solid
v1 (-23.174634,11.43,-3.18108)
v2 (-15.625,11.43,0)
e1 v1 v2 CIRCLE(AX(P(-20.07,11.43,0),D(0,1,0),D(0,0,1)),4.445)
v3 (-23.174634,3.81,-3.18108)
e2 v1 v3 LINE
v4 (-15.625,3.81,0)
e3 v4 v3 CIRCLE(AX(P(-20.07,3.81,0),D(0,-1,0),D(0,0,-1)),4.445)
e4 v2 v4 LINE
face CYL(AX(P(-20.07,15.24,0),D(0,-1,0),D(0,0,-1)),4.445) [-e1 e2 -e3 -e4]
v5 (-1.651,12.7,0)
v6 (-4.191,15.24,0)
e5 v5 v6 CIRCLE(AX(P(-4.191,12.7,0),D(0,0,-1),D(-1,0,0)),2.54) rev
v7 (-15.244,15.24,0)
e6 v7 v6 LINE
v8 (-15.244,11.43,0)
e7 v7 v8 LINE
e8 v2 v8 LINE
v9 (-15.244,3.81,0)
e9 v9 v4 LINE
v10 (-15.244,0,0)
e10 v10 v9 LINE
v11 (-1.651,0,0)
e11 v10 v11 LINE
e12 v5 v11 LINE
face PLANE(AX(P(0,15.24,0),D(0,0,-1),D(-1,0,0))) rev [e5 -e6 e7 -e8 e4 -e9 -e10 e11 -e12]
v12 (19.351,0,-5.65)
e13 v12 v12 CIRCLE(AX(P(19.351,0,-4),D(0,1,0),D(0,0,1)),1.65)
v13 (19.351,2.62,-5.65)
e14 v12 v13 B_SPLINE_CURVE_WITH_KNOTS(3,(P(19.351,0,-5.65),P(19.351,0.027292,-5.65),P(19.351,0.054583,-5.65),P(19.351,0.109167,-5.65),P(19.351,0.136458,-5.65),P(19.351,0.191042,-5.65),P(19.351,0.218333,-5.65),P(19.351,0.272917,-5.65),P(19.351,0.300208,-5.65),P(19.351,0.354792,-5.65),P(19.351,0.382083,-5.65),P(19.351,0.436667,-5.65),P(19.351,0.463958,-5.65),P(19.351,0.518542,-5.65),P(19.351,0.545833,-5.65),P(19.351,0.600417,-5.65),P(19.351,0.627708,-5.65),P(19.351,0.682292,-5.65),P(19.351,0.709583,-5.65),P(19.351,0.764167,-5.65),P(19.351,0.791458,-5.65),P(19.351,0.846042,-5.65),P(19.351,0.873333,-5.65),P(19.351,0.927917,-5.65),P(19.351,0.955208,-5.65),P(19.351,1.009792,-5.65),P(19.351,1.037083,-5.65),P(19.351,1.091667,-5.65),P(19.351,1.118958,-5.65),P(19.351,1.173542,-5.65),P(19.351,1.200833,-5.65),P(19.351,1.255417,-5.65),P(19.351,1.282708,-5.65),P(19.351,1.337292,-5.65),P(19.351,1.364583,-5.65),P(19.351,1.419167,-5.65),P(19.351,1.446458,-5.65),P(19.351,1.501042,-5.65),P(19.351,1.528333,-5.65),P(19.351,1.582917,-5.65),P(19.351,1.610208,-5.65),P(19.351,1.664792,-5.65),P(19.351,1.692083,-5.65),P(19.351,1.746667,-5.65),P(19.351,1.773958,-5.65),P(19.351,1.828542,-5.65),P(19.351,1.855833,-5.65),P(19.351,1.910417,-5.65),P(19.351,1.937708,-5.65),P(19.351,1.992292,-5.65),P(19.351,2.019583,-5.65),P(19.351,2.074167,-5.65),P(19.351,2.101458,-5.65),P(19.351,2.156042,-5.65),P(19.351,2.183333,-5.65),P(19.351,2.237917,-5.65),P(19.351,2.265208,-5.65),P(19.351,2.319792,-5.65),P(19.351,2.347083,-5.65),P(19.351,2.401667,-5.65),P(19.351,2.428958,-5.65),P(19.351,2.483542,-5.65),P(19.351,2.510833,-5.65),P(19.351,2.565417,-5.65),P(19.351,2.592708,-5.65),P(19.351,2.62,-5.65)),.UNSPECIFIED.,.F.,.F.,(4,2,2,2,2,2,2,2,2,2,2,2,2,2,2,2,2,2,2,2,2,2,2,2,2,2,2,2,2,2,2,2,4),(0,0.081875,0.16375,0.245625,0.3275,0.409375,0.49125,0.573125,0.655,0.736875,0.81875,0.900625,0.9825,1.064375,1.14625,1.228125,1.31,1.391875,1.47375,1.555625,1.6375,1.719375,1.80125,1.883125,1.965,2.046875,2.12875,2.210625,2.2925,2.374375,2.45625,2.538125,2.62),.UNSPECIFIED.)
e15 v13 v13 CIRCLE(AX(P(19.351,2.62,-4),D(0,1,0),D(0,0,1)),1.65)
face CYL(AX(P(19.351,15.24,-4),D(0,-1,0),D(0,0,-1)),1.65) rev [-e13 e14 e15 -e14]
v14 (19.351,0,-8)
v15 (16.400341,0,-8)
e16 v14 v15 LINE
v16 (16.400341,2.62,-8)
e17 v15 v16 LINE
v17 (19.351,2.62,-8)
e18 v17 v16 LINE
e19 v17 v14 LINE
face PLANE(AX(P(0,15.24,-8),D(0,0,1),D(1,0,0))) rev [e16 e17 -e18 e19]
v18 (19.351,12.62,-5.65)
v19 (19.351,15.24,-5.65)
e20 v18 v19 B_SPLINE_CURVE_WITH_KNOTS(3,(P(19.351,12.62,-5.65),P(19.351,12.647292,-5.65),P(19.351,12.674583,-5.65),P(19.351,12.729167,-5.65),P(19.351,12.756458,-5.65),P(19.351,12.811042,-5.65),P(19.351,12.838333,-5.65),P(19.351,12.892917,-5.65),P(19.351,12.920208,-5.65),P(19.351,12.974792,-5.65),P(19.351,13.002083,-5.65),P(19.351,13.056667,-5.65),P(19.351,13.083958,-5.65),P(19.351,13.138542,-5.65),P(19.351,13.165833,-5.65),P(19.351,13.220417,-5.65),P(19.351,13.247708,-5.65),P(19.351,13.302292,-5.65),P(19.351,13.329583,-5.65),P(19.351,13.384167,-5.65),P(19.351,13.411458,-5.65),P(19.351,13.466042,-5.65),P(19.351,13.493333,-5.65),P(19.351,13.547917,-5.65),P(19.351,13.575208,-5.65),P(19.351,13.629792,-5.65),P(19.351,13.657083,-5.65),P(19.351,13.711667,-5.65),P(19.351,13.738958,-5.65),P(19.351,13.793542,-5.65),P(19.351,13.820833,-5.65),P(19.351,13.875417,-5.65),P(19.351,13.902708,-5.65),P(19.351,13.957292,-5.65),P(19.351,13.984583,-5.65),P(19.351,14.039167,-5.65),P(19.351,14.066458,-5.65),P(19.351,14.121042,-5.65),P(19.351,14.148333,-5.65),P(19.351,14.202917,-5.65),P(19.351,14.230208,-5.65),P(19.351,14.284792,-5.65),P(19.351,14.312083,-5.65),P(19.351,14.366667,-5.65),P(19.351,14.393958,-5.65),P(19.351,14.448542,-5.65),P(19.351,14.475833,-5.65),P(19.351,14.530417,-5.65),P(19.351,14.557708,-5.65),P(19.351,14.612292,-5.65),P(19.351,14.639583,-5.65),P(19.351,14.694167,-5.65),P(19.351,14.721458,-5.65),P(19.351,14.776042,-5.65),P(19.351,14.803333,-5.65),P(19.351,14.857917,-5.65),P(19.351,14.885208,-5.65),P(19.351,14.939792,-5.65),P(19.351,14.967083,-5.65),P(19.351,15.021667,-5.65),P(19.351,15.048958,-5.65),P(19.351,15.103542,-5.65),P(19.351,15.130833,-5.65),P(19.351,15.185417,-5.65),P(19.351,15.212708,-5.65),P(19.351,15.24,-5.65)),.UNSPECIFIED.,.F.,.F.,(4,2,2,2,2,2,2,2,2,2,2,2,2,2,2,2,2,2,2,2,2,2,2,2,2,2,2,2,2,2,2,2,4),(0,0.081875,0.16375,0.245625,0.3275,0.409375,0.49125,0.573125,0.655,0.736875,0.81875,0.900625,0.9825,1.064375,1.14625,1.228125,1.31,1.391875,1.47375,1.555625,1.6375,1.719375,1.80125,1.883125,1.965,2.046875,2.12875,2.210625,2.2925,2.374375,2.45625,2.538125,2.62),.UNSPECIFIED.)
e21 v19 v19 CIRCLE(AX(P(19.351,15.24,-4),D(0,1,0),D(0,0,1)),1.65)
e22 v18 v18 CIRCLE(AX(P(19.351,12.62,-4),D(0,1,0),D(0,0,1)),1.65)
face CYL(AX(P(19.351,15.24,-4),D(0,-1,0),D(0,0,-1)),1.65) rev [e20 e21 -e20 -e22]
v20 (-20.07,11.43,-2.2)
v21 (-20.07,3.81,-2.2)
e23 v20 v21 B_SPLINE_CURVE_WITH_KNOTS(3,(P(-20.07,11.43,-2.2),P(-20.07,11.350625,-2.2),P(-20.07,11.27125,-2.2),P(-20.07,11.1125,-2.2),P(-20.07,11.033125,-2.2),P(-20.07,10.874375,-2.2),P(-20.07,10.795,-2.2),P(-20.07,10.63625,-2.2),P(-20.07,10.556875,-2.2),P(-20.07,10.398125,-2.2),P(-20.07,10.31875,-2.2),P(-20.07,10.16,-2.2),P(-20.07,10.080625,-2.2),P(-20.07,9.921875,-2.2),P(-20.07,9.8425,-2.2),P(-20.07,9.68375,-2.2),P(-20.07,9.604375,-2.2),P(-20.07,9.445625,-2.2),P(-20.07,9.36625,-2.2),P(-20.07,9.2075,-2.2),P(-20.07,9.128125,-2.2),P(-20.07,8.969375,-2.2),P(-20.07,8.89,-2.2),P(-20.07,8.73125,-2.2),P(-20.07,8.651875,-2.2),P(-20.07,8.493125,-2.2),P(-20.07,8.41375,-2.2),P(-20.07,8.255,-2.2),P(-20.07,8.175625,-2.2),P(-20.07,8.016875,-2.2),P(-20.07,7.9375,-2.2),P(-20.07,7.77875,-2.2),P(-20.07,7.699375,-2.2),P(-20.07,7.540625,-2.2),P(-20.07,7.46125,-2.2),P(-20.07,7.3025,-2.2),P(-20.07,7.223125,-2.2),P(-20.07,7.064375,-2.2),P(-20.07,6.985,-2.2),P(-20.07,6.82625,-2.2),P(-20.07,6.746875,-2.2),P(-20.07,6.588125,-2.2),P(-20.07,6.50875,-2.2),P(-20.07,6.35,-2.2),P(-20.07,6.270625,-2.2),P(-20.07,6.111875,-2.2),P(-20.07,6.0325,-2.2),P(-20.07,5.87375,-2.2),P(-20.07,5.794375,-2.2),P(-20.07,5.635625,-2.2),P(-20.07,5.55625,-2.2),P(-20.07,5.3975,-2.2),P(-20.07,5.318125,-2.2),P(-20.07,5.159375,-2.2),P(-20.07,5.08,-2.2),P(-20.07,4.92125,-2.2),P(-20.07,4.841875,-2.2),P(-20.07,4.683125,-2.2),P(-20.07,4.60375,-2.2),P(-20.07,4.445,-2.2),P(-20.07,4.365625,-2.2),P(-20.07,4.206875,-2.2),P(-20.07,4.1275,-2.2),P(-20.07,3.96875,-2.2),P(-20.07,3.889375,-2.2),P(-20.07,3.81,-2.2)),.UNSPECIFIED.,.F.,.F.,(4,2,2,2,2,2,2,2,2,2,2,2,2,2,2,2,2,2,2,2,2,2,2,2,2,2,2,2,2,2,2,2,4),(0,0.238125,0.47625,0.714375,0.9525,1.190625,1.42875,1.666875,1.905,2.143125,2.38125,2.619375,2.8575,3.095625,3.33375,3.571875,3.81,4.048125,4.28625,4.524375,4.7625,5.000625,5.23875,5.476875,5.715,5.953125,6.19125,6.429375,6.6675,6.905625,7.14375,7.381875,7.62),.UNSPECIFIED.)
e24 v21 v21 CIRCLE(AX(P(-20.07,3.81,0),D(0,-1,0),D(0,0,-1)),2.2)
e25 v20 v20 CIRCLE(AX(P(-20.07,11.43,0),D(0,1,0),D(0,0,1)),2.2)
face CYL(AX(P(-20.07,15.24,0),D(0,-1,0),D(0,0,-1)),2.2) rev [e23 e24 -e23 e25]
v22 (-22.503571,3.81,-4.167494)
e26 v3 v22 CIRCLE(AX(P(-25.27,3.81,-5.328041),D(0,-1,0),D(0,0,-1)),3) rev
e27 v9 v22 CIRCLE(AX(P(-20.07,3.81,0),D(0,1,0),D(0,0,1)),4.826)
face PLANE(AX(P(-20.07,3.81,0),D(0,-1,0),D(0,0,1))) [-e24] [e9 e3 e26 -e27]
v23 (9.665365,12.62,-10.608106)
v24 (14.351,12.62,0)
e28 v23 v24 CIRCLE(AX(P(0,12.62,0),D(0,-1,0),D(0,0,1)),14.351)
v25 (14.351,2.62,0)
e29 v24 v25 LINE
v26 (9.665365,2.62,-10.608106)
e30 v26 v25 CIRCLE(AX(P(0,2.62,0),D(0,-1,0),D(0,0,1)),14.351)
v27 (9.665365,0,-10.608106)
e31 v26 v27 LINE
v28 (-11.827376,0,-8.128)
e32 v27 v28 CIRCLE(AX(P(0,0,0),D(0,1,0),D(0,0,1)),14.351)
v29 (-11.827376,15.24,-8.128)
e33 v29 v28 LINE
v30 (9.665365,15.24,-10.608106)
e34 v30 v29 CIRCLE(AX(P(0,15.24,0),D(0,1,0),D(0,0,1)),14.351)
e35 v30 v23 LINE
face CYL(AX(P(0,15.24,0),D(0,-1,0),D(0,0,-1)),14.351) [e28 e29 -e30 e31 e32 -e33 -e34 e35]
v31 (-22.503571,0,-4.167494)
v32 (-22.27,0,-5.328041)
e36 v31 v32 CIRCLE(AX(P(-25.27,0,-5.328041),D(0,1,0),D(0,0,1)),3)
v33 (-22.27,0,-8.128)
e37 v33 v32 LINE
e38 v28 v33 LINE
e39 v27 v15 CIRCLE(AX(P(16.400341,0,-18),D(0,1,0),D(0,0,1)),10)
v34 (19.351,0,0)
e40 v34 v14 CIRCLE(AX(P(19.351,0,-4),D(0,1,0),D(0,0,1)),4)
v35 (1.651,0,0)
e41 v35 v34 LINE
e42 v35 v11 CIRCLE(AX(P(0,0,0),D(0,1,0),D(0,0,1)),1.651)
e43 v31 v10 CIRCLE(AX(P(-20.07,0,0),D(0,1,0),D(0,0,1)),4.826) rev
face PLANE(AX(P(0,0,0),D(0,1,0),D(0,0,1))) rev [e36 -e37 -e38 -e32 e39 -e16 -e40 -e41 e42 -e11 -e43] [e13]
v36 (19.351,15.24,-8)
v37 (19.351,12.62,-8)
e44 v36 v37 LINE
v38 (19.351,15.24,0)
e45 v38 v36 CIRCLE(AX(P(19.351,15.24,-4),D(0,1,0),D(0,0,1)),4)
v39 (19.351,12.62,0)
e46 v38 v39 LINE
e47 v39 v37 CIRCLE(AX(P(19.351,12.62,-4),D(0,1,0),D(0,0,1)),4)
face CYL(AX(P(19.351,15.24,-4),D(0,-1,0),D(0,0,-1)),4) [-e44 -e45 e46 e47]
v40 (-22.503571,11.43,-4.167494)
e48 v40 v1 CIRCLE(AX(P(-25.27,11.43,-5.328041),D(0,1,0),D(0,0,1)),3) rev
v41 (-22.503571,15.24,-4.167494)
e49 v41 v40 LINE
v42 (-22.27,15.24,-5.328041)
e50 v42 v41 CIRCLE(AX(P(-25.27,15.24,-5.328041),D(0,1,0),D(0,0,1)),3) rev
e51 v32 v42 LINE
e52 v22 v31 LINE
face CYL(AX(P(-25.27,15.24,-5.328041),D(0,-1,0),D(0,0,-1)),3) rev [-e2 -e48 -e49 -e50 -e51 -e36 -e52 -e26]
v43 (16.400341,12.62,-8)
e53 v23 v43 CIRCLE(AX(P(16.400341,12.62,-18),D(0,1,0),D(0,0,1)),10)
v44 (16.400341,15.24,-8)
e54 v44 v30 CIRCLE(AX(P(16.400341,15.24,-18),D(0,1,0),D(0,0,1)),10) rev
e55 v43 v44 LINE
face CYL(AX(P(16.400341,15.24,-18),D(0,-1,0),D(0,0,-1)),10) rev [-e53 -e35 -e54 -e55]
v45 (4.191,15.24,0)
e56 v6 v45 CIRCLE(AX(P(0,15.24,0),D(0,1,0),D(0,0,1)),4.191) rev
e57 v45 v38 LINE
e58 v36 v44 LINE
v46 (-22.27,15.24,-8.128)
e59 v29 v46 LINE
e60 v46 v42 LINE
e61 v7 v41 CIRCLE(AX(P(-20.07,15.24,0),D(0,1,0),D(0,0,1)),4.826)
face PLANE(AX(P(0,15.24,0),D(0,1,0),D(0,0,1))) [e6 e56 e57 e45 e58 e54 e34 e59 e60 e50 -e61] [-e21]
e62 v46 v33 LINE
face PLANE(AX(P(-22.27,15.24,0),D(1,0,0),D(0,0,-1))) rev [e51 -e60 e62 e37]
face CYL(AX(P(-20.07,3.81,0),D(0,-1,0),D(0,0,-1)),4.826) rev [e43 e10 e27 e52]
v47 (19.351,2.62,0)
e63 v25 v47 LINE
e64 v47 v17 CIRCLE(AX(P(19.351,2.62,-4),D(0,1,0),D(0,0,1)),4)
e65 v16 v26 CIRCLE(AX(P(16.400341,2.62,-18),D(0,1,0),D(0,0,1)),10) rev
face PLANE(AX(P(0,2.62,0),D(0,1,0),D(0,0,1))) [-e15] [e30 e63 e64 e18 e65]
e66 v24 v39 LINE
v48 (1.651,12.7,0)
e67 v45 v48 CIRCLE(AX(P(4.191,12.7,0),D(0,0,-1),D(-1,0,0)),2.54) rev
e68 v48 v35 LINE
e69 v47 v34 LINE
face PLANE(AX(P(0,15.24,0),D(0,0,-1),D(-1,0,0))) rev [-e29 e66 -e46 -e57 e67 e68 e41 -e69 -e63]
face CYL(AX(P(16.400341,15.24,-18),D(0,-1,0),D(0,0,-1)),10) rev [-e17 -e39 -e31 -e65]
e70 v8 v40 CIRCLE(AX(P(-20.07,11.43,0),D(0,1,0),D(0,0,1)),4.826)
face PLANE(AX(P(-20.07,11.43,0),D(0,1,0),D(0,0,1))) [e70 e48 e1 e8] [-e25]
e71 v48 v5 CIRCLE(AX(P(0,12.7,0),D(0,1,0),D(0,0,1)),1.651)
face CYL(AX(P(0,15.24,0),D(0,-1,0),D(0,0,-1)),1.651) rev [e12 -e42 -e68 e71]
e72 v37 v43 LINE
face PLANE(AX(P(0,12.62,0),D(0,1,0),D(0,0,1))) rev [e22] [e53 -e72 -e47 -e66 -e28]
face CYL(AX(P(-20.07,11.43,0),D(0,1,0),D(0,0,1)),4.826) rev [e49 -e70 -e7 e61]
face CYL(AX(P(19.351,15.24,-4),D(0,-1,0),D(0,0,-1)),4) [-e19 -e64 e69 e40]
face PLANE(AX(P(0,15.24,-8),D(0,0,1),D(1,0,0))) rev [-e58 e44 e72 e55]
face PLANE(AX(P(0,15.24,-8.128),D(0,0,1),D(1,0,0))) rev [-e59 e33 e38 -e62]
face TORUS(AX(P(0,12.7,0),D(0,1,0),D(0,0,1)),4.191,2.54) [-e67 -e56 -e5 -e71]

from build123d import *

# Parameters (mm, degrees)
SKETCH1_R               = 2.200000000000002
SKETCH1_R_2             = 1.6499999999999986
BOSS_EXTRUDE1_DEPTH     = 15.239999999999998
SKETCH2_R               = 4.8260000000000005
CUT_EXTRUDE1_DEPTH      = 3.8099999999999996
FILLET2_R               = 2.54
FILLET3_R               = 3
CUT_EXTRUDE2_DEPTH      = 5
CUT_EXTRUDE2_DEPTH_BACK = 5
FILLET4_R               = 10


with BuildPart() as part:
    # Sketch1 → Boss-Extrude1 (new body)
    with BuildSketch(Plane(origin=(0, 0, 0), x_dir=(1, 0, 0), z_dir=(0, 1, 0))):
        with BuildLine():
            ThreePointArc((11.827375744432914, 8.128), (0, 14.350999999999997), (-11.827375744432915, 8.128))
            Line((-11.827375744432912, 8.128), (-22.270000000000003, 8.127999999999998))
            Line((-22.270000000000003, 8.127999999999998), (-22.270000000000003, 3.8623859206454227))
            ThreePointArc((-22.270000000000003, 3.8623859206454245), (-22.30372167021767, -3.8429822403961222), (-15.625000000000004, -6.7e-16))
            Line((-15.625, 0), (-1.6509999999999998, 0))
            ThreePointArc((-1.651, -4.2e-16), (-3.8e-16, 1.6509999999999998), (1.6509999999999996, 0))
            Line((1.6509999999999998, 0), (14.350999999999999, -1.6e-16))
            Line((14.350999999999999, -1.6e-16), (19.351, 8.7e-16))
            ThreePointArc((19.351, 1.78e-15), (23.351, 4.000000000000002), (19.351, 8.000000000000002))
            Line((19.351, 8.000000000000002), (11.914327551314004, 8))
            ThreePointArc((11.914327551314003, 7.999999999999999), (11.871024170046155, 8.064117196208148), (11.82737574443291, 8.128))
        make_face()
        with Locations(Location((-20.07, 0, 0), (0, 0, 90))):
            Circle(SKETCH1_R, mode=Mode.SUBTRACT)
        with Locations(Location((19.351, 4.000000000000001, 0), (0, 0, 90))):
            Circle(SKETCH1_R_2, mode=Mode.SUBTRACT)
    extrude(amount=BOSS_EXTRUDE1_DEPTH)

    # Sketch2 → Cut-Extrude1 (cut, symmetric)
    with BuildSketch(Plane(origin=(0, 15.239999999999998, 0), x_dir=(1, 0, 0), z_dir=(0, 1, 0))):
        with Locations((-20.07, 0)):
            Circle(SKETCH2_R)
    cut_extrude1 = extrude(amount=CUT_EXTRUDE1_DEPTH, both=True, mode=Mode.SUBTRACT)

    # Fillet2
    fillet2_edges = [part.edges().sort_by_distance(p)[0] for p in [
        (-3.8e-16, 15.239999999999998, -1.6509999999999998),
    ]]
    fillet(fillet2_edges, radius=FILLET2_R)

    # Mirror1: Cut-Extrude1 across plane
    add(cut_extrude1.mirror(Plane.ZX.offset(7.619999999999999)), mode=Mode.SUBTRACT)

    # Fillet3
    fillet3_edges = [part.edges().sort_by_distance(p)[0] for p in [
        (-22.270000000000003, 7.619999999999999, -3.8623859206454227),
    ]]
    fillet(fillet3_edges, radius=FILLET3_R)

    # Sketch3 → Cut-Extrude2 (cut, two sides: drawn at the far end of the back side and taken through both)
    with BuildSketch(Plane(origin=(0, 7.619999999999999, 0), x_dir=(1, 0, 0), z_dir=(0, 1, 0)).offset(-CUT_EXTRUDE2_DEPTH_BACK)):
        with BuildLine():
            Line((14.350999999999999, -1.6e-16), (19.351, 8.7e-16))
            ThreePointArc((19.351, 8.7e-16), (23.351, 4.000000000000001), (19.351, 8))
            Line((19.351, 8), (11.914327551314004, 8))
            ThreePointArc((11.914327551314004, 8), (13.728323198572127, 4.181428363077186), (14.350999999999999, -1.6e-16))
        make_face()
    extrude(amount=CUT_EXTRUDE2_DEPTH + CUT_EXTRUDE2_DEPTH_BACK, mode=Mode.SUBTRACT)

    # Fillet4
    fillet4_edges = [part.edges().sort_by_distance(p)[0] for p in [
        (11.914327551314003, 13.93, -8),
        (11.914327551314003, 1.3099999999999996, -8),
    ]]
    fillet(fillet4_edges, radius=FILLET4_R)


solid = part.part
